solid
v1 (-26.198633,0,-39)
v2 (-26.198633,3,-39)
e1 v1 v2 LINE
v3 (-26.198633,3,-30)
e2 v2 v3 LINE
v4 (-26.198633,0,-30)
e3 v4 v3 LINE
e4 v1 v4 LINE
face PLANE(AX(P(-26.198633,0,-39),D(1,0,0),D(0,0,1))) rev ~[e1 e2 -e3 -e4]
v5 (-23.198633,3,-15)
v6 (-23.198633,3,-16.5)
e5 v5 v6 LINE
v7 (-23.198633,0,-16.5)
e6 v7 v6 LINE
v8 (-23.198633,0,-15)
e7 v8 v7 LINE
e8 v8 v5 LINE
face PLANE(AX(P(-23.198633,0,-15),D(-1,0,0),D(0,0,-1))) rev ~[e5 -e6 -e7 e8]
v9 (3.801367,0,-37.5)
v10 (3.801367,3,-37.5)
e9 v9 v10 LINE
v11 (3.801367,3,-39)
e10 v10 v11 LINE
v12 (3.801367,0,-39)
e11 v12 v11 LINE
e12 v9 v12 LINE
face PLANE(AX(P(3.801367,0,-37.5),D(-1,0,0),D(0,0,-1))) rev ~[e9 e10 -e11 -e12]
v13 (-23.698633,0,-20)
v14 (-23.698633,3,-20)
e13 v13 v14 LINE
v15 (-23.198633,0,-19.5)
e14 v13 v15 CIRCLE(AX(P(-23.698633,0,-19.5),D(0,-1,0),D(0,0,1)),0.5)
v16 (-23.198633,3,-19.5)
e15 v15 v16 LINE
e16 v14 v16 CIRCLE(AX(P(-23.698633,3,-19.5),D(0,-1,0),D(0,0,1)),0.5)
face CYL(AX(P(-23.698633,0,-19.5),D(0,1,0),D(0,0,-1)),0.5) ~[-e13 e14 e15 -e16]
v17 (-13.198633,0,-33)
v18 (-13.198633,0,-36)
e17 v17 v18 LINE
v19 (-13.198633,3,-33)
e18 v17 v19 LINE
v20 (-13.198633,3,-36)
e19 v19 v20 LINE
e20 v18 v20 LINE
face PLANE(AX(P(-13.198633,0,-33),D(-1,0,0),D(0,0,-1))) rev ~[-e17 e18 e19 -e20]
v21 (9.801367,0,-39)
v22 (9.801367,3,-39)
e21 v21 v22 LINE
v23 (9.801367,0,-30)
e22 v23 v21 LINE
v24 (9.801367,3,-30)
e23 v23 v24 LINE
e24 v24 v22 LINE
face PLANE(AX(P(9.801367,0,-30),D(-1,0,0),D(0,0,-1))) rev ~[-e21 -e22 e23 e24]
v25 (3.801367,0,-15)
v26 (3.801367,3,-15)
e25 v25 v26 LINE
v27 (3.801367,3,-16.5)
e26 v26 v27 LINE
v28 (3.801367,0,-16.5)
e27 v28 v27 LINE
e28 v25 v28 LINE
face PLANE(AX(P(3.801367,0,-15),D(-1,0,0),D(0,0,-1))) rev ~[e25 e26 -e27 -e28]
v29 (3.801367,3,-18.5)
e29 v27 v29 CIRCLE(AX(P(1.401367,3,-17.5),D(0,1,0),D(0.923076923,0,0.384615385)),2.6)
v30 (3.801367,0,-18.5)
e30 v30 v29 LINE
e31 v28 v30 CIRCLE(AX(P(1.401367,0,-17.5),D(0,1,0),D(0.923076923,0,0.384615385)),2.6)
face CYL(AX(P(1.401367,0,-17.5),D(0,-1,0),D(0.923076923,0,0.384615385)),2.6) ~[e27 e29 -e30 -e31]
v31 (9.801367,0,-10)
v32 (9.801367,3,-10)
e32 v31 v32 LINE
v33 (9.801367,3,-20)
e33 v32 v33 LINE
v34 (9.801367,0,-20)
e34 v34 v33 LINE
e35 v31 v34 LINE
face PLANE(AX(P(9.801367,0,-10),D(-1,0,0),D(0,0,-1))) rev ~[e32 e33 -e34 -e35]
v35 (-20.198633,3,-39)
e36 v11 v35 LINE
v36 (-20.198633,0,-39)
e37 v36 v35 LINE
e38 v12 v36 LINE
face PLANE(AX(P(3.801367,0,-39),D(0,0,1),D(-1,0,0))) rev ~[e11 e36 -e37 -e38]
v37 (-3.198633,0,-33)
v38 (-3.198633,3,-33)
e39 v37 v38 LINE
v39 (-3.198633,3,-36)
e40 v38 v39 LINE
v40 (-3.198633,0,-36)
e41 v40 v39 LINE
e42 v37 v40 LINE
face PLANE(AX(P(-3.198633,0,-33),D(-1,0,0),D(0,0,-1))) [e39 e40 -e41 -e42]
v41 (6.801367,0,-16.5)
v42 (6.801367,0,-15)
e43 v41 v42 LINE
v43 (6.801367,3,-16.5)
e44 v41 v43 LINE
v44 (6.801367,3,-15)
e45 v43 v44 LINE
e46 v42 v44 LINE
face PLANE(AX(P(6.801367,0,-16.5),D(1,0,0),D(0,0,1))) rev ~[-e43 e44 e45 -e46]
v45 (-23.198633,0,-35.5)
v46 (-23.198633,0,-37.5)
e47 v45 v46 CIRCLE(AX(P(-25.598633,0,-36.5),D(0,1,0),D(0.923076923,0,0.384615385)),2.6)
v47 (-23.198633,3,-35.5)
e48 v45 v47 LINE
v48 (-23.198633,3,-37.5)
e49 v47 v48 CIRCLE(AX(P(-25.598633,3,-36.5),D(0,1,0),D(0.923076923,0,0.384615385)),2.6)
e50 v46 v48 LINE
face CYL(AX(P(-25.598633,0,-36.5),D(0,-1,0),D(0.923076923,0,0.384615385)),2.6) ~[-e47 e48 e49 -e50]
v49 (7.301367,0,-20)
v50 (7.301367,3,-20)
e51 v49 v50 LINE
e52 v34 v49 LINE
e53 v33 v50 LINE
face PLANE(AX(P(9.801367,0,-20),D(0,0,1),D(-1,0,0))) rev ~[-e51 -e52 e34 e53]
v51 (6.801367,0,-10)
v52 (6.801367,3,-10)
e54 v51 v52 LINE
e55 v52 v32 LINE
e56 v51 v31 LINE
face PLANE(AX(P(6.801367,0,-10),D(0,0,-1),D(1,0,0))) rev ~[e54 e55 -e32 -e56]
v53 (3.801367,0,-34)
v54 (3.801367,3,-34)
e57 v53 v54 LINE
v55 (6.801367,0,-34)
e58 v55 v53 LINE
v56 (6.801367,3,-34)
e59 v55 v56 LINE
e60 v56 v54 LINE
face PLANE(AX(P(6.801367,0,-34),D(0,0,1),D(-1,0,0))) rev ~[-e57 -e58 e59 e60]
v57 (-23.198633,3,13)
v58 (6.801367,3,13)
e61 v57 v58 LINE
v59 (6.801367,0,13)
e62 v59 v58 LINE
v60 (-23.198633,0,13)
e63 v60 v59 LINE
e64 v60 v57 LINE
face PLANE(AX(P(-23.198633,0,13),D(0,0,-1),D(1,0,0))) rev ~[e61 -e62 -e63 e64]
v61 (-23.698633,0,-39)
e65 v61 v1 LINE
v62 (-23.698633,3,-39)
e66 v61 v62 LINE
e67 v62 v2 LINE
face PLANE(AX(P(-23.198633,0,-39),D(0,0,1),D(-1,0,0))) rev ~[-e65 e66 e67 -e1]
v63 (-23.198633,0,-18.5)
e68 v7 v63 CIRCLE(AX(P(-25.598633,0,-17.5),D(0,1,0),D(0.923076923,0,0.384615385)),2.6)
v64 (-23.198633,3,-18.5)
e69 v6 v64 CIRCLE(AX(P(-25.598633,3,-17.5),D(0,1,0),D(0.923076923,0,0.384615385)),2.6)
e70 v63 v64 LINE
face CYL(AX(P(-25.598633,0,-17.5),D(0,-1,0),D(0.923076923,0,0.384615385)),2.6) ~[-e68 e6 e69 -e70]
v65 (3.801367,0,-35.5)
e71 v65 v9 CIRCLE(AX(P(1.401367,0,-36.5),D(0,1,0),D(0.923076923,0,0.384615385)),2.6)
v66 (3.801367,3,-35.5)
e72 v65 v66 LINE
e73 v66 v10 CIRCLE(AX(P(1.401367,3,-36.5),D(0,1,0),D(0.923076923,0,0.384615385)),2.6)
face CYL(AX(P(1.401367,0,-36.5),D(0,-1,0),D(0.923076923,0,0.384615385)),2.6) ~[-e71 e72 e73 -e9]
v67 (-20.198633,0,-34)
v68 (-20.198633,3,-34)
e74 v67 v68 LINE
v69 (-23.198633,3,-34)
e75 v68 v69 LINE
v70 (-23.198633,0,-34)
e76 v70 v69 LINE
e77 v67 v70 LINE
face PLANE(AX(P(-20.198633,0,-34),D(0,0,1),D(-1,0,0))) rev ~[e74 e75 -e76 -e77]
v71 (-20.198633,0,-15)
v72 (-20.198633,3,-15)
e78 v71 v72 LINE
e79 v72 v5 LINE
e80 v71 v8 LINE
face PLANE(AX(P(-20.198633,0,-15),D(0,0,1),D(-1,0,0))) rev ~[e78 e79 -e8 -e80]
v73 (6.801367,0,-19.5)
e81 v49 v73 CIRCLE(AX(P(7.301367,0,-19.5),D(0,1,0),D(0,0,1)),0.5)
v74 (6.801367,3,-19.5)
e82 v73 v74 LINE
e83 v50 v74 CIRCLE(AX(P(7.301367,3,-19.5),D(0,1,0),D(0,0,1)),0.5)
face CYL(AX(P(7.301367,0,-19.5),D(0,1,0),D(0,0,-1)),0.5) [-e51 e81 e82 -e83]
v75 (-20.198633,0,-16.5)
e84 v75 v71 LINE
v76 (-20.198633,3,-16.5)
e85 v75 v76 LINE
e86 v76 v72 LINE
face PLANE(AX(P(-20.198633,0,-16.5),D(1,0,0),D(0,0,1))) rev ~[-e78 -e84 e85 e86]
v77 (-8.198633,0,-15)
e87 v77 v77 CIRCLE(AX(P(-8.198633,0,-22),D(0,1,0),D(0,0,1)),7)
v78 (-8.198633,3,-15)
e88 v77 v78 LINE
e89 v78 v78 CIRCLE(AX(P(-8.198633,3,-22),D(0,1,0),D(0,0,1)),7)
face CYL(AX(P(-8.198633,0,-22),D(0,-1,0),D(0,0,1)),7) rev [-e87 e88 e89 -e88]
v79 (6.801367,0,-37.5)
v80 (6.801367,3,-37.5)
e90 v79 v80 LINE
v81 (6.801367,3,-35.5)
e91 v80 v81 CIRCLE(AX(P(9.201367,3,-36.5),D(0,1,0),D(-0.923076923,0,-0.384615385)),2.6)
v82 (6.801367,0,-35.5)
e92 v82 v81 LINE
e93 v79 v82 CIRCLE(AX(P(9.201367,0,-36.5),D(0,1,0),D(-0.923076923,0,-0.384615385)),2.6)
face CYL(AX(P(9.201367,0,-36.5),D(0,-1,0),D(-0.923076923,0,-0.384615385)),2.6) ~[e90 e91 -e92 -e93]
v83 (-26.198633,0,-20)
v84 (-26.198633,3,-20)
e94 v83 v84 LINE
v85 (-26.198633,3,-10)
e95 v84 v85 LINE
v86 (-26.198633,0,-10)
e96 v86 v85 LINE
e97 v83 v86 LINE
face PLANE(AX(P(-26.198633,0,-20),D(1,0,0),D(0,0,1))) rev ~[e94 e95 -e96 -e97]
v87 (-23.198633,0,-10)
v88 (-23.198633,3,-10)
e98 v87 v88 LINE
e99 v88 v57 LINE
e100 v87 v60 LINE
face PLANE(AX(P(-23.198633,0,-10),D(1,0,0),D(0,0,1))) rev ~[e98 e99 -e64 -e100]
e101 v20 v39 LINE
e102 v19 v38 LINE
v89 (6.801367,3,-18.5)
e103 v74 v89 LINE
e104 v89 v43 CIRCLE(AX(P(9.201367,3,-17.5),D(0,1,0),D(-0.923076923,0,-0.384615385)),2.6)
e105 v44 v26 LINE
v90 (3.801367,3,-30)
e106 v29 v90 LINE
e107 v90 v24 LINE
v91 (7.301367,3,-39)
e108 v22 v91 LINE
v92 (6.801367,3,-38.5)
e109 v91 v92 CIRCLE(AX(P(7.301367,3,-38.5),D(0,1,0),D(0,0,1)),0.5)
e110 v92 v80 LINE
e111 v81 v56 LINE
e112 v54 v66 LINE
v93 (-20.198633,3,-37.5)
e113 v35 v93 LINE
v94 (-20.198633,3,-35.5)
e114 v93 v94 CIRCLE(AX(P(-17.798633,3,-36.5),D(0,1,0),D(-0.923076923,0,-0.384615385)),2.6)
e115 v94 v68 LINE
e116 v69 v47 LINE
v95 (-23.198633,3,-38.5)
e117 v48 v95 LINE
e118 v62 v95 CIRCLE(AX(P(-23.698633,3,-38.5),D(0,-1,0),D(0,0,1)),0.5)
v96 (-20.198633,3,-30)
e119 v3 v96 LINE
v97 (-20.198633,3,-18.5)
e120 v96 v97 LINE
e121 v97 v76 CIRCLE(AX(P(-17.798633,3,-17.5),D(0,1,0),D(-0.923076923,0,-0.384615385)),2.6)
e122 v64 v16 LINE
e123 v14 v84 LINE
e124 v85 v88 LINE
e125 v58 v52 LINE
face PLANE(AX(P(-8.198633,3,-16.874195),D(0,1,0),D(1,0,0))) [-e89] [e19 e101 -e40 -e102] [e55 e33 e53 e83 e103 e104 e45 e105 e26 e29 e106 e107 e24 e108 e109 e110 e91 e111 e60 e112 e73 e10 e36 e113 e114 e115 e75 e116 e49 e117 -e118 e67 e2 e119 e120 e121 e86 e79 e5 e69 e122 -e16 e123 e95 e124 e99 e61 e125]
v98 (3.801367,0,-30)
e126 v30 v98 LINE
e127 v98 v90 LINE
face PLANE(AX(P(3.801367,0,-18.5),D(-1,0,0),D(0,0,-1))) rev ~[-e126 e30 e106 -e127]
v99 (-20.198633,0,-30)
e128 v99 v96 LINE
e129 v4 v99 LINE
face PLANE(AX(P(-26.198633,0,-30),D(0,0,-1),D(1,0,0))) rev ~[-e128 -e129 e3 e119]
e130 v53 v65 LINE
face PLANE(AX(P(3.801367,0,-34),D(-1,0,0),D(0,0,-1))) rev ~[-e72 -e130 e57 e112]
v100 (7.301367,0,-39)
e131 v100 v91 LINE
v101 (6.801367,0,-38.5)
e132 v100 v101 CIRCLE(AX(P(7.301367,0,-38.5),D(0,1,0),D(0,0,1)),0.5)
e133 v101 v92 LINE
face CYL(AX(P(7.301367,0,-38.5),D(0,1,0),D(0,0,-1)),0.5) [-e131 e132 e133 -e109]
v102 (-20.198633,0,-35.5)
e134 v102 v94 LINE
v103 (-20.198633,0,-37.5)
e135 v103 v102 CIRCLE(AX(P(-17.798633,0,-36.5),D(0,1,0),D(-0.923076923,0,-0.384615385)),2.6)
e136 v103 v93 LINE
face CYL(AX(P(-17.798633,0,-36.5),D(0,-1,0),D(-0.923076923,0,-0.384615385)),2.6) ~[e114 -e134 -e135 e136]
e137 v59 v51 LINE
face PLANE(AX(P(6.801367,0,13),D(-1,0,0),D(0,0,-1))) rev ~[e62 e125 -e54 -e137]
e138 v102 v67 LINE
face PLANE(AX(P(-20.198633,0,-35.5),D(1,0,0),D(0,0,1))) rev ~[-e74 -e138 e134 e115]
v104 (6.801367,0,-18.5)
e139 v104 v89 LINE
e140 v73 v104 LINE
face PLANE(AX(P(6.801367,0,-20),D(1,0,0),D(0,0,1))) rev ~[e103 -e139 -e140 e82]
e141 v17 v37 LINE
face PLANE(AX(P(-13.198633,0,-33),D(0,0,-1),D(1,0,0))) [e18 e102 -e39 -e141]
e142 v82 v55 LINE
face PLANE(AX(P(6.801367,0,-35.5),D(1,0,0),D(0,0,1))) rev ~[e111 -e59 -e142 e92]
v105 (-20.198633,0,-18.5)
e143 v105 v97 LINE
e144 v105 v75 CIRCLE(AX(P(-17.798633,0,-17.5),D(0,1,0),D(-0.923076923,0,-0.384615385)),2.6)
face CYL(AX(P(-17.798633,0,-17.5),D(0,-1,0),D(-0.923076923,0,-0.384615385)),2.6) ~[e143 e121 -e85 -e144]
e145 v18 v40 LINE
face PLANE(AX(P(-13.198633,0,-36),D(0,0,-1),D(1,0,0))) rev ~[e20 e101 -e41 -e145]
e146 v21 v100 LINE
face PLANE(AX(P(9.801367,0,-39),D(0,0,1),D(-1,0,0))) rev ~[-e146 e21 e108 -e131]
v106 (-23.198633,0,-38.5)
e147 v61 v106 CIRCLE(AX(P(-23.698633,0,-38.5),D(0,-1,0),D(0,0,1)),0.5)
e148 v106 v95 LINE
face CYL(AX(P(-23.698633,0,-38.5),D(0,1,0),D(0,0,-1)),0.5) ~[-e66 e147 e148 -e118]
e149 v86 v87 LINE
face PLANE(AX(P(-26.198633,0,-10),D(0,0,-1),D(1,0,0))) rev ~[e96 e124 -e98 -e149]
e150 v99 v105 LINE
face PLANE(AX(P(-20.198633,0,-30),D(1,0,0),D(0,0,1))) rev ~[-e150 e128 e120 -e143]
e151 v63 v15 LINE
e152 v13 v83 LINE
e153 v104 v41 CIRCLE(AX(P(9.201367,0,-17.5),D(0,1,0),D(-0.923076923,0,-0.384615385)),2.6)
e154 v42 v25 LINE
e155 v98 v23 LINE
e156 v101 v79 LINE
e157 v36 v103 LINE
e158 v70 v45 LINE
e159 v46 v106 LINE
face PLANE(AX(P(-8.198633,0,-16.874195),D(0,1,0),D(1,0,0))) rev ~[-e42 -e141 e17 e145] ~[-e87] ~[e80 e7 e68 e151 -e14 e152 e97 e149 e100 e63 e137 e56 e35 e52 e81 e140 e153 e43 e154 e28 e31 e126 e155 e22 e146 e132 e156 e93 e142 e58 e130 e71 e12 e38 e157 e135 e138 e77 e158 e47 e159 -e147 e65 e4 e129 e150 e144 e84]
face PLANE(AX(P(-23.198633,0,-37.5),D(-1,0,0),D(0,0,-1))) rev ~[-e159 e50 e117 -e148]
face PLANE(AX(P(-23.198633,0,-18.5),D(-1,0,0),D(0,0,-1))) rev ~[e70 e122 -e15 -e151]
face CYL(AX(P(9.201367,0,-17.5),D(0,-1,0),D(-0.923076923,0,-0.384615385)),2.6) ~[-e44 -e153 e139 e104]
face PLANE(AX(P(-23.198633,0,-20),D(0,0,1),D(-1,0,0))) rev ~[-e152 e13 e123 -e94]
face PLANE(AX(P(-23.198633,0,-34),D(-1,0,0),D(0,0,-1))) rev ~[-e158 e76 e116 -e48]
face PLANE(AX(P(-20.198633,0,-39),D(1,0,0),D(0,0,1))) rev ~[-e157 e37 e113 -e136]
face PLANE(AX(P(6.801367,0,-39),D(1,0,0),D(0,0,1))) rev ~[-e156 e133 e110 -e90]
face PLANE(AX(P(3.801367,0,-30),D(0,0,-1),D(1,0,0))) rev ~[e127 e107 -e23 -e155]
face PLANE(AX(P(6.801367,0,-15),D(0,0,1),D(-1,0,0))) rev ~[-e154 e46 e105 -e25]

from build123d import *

# Parameters (mm, degrees)
SKETCH1_R           = 7
SKETCH1_W           = 10
SKETCH1_H           = 3
BOSS_EXTRUDE1_DEPTH = 3
FILLET1_R           = 0.5


with BuildPart() as part:
    # Sketch1 → Boss-Extrude1 (new body)
    with BuildSketch(Plane(origin=(0, 0, 0), x_dir=(1, 0, 0), z_dir=(0, 1, 0))):
        with BuildLine():
            Line((-23.198633067, -13), (6.801366933, -13))
            Line((6.801366933, -13), (6.801366933, 10))
            Line((6.801366933, 10), (9.801366933, 10))
            Line((9.801366933, 10), (9.801366933, 20))
            Line((9.801366933, 20), (6.801366933, 20))
            Line((6.801366933, 20), (6.801366933, 18.5))
            ThreePointArc((6.801366933, 18.5), (6.601366933, 17.5), (6.801366933, 16.5))
            Line((6.801366933, 16.5), (6.801366933, 15))
            Line((6.801366933, 15), (3.801366933, 15))
            Line((3.801366933, 15), (3.801366933, 16.5))
            ThreePointArc((3.801366933, 16.5), (4.001366933, 17.5), (3.801366933, 18.5))
            Line((3.801366933, 18.5), (3.801366933, 30))
            Line((3.801366933, 30), (9.801366933, 30))
            Line((9.801366933, 30), (9.801366933, 39))
            Line((9.801366933, 39), (6.801366933, 39))
            Line((6.801366933, 39), (6.801366933, 37.5))
            ThreePointArc((6.801366933, 37.5), (6.601366933, 36.5), (6.801366933, 35.5))
            Line((6.801366933, 35.5), (6.801366933, 34))
            Line((6.801366933, 34), (3.801366933, 34))
            Line((3.801366933, 34), (3.801366933, 35.5))
            ThreePointArc((3.801366933, 35.5), (4.001366933, 36.5), (3.801366933, 37.5))
            Line((3.801366933, 37.5), (3.801366933, 39))
            Line((3.801366933, 39), (-20.198633067, 39))
            Line((-20.198633067, 39), (-20.198633067, 37.5))
            ThreePointArc((-20.198633067, 37.5), (-20.398633067, 36.5), (-20.198633067, 35.5))
            Line((-20.198633067, 35.5), (-20.198633067, 34))
            Line((-20.198633067, 34), (-23.198633067, 34))
            Line((-23.198633067, 34), (-23.198633067, 35.5))
            ThreePointArc((-23.198633067, 35.5), (-22.998633067, 36.5), (-23.198633067, 37.5))
            Line((-23.198633067, 37.5), (-23.198633067, 39))
            Line((-23.198633067, 39), (-26.198633067, 39))
            Line((-26.198633067, 39), (-26.198633067, 30))
            Line((-26.198633067, 30), (-20.198633067, 30))
            Line((-20.198633067, 30), (-20.198633067, 18.5))
            ThreePointArc((-20.198633067, 18.5), (-20.398633067, 17.5), (-20.198633067, 16.5))
            Line((-20.198633067, 16.5), (-20.198633067, 15))
            Line((-20.198633067, 15), (-23.198633067, 15))
            Line((-23.198633067, 15), (-23.198633067, 16.5))
            ThreePointArc((-23.198633067, 16.5), (-22.998633067, 17.5), (-23.198633067, 18.5))
            Line((-23.198633067, 18.5), (-23.198633067, 20))
            Line((-23.198633067, 20), (-26.198633067, 20))
            Line((-26.198633067, 20), (-26.198633067, 10))
            Line((-26.198633067, 10), (-23.198633067, 10))
            Line((-23.198633067, 10), (-23.198633067, -13))
        make_face()
        with Locations(Location((-8.198633067, 22, 0), (0, 0, 270))):
            Circle(SKETCH1_R, mode=Mode.SUBTRACT)
        with Locations((-8.198633067, 34.5)):
            Rectangle(SKETCH1_W, SKETCH1_H, mode=Mode.SUBTRACT)
    extrude(amount=BOSS_EXTRUDE1_DEPTH)

    # Fillet1
    fillet1_edges = [part.edges().sort_by_distance(p)[0] for p in [
        (-23.198633067, 1.5, -39),
        (6.801366933, 1.5, -39),
        (6.801366933, 1.5, -20),
        (-23.198633067, 1.5, -20),
    ]]
    fillet(fillet1_edges, radius=FILLET1_R)


solid = part.part
